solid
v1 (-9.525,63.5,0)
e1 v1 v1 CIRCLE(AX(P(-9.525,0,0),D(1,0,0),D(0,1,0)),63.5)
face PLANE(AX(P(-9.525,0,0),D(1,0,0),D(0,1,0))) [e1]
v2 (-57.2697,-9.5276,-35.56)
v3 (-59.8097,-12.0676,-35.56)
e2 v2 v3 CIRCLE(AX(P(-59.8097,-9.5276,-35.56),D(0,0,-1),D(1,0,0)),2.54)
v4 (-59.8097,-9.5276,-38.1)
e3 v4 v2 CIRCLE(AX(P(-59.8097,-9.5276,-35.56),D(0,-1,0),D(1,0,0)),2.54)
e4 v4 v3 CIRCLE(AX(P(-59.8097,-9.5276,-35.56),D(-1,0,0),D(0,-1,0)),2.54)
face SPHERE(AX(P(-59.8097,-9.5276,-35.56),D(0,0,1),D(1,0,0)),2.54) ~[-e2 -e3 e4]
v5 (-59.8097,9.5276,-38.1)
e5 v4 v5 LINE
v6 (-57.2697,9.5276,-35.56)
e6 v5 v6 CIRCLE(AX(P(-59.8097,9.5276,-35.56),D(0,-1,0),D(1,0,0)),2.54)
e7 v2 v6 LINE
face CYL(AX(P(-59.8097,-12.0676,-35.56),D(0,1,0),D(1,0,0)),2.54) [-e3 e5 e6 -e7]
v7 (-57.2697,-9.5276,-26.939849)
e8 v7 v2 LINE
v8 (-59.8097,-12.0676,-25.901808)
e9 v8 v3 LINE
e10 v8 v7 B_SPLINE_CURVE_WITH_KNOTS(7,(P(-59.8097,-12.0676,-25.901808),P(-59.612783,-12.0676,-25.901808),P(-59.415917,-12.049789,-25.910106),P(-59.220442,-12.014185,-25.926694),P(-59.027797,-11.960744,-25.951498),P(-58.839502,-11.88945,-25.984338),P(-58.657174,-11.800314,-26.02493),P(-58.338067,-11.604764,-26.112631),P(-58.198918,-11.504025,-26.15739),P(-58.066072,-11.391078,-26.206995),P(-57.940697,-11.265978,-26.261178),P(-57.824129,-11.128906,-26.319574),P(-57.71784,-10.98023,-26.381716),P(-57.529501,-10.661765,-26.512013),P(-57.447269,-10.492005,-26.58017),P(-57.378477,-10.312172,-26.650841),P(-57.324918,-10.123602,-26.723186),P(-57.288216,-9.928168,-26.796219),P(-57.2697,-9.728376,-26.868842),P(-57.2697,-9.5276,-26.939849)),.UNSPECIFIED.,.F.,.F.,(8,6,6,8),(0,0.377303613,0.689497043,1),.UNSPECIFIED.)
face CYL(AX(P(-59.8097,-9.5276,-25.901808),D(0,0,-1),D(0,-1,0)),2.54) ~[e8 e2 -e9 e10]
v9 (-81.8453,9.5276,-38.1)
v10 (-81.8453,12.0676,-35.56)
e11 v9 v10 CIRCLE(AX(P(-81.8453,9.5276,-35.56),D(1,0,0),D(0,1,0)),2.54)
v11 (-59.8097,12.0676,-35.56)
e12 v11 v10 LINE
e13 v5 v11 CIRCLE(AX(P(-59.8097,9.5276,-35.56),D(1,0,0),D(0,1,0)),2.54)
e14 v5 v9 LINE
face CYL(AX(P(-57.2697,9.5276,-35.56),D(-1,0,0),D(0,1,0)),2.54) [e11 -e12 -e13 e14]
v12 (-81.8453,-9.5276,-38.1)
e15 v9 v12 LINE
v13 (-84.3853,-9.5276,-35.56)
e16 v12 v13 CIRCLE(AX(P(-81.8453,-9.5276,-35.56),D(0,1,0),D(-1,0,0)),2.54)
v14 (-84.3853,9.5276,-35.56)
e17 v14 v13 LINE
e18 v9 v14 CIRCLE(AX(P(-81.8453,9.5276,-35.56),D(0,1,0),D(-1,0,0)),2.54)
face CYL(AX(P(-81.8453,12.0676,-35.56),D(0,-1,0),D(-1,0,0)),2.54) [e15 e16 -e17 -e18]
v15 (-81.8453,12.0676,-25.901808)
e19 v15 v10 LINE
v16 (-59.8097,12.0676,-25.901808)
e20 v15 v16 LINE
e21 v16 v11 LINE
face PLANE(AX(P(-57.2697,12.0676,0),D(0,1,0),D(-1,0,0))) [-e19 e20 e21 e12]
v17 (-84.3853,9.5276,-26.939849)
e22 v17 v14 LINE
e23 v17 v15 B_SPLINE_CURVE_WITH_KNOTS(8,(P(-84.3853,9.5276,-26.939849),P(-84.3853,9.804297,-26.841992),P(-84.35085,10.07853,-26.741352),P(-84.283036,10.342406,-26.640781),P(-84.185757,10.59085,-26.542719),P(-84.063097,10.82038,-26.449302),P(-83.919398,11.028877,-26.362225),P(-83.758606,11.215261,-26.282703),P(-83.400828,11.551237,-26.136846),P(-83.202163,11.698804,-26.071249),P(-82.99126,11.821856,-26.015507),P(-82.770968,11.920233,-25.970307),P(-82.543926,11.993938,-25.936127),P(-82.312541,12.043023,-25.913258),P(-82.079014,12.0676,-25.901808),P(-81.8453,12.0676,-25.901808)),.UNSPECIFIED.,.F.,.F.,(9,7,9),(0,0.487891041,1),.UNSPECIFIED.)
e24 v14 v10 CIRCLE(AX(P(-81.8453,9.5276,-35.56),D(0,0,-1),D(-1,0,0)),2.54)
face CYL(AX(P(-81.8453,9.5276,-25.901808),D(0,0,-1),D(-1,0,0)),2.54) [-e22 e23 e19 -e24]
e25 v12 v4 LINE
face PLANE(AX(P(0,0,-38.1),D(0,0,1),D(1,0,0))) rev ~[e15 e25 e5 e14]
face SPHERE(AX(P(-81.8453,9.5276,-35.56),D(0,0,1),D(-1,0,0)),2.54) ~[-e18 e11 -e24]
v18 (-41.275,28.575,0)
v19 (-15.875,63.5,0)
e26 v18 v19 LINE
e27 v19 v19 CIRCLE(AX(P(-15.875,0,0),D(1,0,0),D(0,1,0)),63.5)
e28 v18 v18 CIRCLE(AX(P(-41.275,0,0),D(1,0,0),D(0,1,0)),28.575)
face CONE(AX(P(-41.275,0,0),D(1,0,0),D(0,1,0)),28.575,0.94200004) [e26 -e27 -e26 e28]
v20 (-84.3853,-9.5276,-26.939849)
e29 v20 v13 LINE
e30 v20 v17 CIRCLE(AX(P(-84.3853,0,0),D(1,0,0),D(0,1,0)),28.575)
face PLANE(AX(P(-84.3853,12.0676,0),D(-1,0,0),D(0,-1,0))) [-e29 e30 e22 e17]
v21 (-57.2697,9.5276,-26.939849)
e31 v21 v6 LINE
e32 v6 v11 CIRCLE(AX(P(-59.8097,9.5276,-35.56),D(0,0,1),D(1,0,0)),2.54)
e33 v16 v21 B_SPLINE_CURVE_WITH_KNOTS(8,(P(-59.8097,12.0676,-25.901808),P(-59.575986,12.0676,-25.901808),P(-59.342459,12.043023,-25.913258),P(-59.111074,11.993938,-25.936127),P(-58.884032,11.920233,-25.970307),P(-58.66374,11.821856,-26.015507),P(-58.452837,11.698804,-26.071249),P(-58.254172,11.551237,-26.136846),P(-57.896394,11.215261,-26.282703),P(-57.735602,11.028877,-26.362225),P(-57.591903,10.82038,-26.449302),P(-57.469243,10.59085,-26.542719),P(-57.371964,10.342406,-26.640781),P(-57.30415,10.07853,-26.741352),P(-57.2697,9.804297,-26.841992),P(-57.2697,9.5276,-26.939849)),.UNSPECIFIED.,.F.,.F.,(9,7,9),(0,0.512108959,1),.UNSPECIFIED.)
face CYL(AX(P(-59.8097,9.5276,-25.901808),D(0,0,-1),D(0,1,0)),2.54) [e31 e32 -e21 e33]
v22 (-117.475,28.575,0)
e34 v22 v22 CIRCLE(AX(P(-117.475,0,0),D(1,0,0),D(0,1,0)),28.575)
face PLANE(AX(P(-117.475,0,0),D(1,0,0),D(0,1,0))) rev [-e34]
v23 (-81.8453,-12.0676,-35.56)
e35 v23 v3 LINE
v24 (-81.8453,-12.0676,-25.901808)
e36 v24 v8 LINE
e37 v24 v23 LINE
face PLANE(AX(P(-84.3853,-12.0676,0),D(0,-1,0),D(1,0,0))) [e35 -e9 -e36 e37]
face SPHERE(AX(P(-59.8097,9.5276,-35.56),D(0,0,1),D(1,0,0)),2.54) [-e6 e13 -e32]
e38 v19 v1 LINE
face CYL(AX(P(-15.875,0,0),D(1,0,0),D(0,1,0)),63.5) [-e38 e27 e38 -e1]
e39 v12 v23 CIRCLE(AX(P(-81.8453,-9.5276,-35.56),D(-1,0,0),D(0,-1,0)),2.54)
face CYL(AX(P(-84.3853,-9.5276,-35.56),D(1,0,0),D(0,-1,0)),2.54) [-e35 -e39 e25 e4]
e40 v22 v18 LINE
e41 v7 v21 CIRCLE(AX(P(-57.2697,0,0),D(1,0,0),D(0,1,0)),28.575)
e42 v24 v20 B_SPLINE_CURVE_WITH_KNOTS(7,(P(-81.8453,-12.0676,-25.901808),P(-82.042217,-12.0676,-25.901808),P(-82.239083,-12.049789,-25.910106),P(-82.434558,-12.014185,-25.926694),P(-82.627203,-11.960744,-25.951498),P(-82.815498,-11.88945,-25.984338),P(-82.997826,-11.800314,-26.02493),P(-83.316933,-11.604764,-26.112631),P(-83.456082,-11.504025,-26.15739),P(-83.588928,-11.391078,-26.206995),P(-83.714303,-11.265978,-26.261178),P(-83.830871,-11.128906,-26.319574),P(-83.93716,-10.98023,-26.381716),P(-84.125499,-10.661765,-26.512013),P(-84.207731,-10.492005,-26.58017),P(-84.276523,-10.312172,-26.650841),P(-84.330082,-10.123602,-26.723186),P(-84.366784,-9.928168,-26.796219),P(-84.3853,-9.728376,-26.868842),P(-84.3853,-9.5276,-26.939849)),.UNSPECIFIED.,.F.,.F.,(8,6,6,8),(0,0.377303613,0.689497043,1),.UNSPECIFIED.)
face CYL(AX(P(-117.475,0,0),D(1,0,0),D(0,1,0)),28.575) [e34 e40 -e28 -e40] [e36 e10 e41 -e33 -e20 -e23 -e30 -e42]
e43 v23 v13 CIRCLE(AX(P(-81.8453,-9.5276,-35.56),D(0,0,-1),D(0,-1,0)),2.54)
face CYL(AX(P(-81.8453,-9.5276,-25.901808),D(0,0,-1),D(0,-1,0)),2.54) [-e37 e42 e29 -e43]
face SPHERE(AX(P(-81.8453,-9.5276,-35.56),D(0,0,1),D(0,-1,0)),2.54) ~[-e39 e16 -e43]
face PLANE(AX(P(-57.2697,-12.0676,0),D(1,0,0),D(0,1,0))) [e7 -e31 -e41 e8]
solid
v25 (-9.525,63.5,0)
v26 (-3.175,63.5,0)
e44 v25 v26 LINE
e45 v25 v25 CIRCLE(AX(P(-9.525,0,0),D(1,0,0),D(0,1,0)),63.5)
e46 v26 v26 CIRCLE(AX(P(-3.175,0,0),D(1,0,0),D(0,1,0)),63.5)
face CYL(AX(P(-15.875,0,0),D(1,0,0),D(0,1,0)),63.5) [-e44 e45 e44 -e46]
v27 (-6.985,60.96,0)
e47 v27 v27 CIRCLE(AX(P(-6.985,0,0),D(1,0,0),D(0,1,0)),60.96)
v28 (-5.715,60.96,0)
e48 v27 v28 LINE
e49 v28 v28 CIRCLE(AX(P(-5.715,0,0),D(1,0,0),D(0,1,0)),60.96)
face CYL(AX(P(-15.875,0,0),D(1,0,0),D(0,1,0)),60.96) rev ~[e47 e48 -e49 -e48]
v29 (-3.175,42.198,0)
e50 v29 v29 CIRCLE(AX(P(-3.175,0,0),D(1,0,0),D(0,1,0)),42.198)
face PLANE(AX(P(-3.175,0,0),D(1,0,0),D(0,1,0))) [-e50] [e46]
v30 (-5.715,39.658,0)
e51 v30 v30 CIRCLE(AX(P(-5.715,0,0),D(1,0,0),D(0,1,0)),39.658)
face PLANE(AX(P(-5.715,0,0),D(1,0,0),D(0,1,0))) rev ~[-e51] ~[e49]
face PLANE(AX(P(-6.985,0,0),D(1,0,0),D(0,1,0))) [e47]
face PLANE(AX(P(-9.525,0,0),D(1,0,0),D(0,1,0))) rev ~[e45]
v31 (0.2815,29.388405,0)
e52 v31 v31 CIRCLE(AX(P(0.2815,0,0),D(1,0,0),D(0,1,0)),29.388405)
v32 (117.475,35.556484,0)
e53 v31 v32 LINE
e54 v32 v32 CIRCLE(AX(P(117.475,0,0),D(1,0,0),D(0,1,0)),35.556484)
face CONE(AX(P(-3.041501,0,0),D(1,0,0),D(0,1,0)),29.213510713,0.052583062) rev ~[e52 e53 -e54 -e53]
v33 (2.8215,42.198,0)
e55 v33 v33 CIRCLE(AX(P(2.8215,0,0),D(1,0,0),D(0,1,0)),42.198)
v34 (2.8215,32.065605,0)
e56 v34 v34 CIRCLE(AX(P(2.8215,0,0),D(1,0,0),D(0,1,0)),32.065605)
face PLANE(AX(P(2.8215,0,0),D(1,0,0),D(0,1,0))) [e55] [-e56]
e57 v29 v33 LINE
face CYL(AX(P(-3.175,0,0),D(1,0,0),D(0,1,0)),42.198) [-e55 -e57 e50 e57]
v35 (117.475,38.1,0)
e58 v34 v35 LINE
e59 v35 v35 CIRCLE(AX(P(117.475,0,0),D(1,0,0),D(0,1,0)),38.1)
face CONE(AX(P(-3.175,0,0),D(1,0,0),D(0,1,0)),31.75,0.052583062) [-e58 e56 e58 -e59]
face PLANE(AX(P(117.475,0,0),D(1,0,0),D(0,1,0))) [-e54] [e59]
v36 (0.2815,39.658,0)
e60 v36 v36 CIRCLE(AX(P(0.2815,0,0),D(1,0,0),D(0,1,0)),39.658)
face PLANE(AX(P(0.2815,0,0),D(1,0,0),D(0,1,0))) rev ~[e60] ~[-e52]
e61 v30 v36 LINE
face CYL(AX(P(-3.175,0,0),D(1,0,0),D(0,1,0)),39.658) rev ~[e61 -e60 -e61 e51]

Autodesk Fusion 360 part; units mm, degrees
sketch "Sketch1" plane through (0, 0, 0) normal (0, 0, 1) x (1, 0, 0)
  line L0 (-117.475, 0) -> (-117.475, 28.575)
  line L1 (-117.475, 28.575) -> (-41.275, 28.575)
  line L2 (-41.275, 28.575) -> (-15.875, 63.5)
  line L3 (-15.875, 63.5) -> (-3.175, 63.5)
  line L4 (-3.175, 63.5) -> (-3.175, 31.75)
  line L5 (-3.175, 31.75) -> (117.475, 38.1)
  line L6 (117.475, 38.1) -> (117.475, 0)
  line L7 (-117.475, 0) -> (117.475, 0)
  line L8 (-9.525, 63.5) -> (-9.525, 0)
  line L9 (-3.175, 42.198) -> (2.8215, 42.198)
  line L10 (2.8215, 42.198) -> (2.8215, 30.3668)
  line L11 (2.8215, 30.3668) -> (-3.175, 30.3668)
  line L12 (-3.175, 30.3668) -> (-3.175, 42.198)
  dimension "d1" = 28.575
  dimension "d2" = 76.2
  dimension "d3" = 25.4
  dimension "d4" = 12.7
  dimension "d5" = 63.5
  dimension "d6" = 38.1
  dimension "d7" = 120.65
  dimension "d8" = 31.75
revolve "Revolve1" add sketch "Sketch1" angle 360 about axis through (-117.475, 0, 0) along (1, 0, 0) contours L3 L4 L5 L6 L7 L8 L10 L11 L12 | L5 L10 L11 L12 | L4 L5 L9 L10 L12 makes body 1
revolve "Revolve2" add sketch "Sketch1" angle 360 about axis through (-117.475, 0, 0) along (1, 0, 0) separate body contours L0 L1 L2 L3 L7 L8 makes body 2
sketch "Sketch2" plane through (0, 0, 0) normal (0, 0, 1) x (1, 0, 0)
  line L0 (-57.2697, 12.0676) -> (-84.3853, 12.0676)
  line L1 (-84.3853, 12.0676) -> (-84.3853, -12.0676)
  line L2 (-84.3853, -12.0676) -> (-57.2697, -12.0676)
  line L3 (-57.2697, -12.0676) -> (-57.2697, 12.0676)
  line L4 (-57.2697, 12.0676) -> (-84.3853, -12.0676) construction
  line L5 (-84.3853, 12.0676) -> (-57.2697, -12.0676) construction
  point P0 (-70.8275, 0)
extrude "Extrude1" add sketch "Sketch2" against normal blind 38.1 bodies 2
shell "Shell1" thickness 2.54 removed faces 1 at (117.475, 4.6398, -0.8014) on bodies 1
fillet "Fillet1" radius 2.54 4 edges at (-84.3853, 12.0676, -32.0009) (-84.3853, -12.0676, -32.0009) (-57.2697, 12.0676, -32.0009) (-57.2697, -12.0676, -32.0009) 1 faces at (-66.3083, -4.0225, -38.1) on bodies 2
equation "d1 = ( 2.25 / 2 ) * 1 in"
equation "d8 = ( 2.5 / 2 ) * 1 in"
